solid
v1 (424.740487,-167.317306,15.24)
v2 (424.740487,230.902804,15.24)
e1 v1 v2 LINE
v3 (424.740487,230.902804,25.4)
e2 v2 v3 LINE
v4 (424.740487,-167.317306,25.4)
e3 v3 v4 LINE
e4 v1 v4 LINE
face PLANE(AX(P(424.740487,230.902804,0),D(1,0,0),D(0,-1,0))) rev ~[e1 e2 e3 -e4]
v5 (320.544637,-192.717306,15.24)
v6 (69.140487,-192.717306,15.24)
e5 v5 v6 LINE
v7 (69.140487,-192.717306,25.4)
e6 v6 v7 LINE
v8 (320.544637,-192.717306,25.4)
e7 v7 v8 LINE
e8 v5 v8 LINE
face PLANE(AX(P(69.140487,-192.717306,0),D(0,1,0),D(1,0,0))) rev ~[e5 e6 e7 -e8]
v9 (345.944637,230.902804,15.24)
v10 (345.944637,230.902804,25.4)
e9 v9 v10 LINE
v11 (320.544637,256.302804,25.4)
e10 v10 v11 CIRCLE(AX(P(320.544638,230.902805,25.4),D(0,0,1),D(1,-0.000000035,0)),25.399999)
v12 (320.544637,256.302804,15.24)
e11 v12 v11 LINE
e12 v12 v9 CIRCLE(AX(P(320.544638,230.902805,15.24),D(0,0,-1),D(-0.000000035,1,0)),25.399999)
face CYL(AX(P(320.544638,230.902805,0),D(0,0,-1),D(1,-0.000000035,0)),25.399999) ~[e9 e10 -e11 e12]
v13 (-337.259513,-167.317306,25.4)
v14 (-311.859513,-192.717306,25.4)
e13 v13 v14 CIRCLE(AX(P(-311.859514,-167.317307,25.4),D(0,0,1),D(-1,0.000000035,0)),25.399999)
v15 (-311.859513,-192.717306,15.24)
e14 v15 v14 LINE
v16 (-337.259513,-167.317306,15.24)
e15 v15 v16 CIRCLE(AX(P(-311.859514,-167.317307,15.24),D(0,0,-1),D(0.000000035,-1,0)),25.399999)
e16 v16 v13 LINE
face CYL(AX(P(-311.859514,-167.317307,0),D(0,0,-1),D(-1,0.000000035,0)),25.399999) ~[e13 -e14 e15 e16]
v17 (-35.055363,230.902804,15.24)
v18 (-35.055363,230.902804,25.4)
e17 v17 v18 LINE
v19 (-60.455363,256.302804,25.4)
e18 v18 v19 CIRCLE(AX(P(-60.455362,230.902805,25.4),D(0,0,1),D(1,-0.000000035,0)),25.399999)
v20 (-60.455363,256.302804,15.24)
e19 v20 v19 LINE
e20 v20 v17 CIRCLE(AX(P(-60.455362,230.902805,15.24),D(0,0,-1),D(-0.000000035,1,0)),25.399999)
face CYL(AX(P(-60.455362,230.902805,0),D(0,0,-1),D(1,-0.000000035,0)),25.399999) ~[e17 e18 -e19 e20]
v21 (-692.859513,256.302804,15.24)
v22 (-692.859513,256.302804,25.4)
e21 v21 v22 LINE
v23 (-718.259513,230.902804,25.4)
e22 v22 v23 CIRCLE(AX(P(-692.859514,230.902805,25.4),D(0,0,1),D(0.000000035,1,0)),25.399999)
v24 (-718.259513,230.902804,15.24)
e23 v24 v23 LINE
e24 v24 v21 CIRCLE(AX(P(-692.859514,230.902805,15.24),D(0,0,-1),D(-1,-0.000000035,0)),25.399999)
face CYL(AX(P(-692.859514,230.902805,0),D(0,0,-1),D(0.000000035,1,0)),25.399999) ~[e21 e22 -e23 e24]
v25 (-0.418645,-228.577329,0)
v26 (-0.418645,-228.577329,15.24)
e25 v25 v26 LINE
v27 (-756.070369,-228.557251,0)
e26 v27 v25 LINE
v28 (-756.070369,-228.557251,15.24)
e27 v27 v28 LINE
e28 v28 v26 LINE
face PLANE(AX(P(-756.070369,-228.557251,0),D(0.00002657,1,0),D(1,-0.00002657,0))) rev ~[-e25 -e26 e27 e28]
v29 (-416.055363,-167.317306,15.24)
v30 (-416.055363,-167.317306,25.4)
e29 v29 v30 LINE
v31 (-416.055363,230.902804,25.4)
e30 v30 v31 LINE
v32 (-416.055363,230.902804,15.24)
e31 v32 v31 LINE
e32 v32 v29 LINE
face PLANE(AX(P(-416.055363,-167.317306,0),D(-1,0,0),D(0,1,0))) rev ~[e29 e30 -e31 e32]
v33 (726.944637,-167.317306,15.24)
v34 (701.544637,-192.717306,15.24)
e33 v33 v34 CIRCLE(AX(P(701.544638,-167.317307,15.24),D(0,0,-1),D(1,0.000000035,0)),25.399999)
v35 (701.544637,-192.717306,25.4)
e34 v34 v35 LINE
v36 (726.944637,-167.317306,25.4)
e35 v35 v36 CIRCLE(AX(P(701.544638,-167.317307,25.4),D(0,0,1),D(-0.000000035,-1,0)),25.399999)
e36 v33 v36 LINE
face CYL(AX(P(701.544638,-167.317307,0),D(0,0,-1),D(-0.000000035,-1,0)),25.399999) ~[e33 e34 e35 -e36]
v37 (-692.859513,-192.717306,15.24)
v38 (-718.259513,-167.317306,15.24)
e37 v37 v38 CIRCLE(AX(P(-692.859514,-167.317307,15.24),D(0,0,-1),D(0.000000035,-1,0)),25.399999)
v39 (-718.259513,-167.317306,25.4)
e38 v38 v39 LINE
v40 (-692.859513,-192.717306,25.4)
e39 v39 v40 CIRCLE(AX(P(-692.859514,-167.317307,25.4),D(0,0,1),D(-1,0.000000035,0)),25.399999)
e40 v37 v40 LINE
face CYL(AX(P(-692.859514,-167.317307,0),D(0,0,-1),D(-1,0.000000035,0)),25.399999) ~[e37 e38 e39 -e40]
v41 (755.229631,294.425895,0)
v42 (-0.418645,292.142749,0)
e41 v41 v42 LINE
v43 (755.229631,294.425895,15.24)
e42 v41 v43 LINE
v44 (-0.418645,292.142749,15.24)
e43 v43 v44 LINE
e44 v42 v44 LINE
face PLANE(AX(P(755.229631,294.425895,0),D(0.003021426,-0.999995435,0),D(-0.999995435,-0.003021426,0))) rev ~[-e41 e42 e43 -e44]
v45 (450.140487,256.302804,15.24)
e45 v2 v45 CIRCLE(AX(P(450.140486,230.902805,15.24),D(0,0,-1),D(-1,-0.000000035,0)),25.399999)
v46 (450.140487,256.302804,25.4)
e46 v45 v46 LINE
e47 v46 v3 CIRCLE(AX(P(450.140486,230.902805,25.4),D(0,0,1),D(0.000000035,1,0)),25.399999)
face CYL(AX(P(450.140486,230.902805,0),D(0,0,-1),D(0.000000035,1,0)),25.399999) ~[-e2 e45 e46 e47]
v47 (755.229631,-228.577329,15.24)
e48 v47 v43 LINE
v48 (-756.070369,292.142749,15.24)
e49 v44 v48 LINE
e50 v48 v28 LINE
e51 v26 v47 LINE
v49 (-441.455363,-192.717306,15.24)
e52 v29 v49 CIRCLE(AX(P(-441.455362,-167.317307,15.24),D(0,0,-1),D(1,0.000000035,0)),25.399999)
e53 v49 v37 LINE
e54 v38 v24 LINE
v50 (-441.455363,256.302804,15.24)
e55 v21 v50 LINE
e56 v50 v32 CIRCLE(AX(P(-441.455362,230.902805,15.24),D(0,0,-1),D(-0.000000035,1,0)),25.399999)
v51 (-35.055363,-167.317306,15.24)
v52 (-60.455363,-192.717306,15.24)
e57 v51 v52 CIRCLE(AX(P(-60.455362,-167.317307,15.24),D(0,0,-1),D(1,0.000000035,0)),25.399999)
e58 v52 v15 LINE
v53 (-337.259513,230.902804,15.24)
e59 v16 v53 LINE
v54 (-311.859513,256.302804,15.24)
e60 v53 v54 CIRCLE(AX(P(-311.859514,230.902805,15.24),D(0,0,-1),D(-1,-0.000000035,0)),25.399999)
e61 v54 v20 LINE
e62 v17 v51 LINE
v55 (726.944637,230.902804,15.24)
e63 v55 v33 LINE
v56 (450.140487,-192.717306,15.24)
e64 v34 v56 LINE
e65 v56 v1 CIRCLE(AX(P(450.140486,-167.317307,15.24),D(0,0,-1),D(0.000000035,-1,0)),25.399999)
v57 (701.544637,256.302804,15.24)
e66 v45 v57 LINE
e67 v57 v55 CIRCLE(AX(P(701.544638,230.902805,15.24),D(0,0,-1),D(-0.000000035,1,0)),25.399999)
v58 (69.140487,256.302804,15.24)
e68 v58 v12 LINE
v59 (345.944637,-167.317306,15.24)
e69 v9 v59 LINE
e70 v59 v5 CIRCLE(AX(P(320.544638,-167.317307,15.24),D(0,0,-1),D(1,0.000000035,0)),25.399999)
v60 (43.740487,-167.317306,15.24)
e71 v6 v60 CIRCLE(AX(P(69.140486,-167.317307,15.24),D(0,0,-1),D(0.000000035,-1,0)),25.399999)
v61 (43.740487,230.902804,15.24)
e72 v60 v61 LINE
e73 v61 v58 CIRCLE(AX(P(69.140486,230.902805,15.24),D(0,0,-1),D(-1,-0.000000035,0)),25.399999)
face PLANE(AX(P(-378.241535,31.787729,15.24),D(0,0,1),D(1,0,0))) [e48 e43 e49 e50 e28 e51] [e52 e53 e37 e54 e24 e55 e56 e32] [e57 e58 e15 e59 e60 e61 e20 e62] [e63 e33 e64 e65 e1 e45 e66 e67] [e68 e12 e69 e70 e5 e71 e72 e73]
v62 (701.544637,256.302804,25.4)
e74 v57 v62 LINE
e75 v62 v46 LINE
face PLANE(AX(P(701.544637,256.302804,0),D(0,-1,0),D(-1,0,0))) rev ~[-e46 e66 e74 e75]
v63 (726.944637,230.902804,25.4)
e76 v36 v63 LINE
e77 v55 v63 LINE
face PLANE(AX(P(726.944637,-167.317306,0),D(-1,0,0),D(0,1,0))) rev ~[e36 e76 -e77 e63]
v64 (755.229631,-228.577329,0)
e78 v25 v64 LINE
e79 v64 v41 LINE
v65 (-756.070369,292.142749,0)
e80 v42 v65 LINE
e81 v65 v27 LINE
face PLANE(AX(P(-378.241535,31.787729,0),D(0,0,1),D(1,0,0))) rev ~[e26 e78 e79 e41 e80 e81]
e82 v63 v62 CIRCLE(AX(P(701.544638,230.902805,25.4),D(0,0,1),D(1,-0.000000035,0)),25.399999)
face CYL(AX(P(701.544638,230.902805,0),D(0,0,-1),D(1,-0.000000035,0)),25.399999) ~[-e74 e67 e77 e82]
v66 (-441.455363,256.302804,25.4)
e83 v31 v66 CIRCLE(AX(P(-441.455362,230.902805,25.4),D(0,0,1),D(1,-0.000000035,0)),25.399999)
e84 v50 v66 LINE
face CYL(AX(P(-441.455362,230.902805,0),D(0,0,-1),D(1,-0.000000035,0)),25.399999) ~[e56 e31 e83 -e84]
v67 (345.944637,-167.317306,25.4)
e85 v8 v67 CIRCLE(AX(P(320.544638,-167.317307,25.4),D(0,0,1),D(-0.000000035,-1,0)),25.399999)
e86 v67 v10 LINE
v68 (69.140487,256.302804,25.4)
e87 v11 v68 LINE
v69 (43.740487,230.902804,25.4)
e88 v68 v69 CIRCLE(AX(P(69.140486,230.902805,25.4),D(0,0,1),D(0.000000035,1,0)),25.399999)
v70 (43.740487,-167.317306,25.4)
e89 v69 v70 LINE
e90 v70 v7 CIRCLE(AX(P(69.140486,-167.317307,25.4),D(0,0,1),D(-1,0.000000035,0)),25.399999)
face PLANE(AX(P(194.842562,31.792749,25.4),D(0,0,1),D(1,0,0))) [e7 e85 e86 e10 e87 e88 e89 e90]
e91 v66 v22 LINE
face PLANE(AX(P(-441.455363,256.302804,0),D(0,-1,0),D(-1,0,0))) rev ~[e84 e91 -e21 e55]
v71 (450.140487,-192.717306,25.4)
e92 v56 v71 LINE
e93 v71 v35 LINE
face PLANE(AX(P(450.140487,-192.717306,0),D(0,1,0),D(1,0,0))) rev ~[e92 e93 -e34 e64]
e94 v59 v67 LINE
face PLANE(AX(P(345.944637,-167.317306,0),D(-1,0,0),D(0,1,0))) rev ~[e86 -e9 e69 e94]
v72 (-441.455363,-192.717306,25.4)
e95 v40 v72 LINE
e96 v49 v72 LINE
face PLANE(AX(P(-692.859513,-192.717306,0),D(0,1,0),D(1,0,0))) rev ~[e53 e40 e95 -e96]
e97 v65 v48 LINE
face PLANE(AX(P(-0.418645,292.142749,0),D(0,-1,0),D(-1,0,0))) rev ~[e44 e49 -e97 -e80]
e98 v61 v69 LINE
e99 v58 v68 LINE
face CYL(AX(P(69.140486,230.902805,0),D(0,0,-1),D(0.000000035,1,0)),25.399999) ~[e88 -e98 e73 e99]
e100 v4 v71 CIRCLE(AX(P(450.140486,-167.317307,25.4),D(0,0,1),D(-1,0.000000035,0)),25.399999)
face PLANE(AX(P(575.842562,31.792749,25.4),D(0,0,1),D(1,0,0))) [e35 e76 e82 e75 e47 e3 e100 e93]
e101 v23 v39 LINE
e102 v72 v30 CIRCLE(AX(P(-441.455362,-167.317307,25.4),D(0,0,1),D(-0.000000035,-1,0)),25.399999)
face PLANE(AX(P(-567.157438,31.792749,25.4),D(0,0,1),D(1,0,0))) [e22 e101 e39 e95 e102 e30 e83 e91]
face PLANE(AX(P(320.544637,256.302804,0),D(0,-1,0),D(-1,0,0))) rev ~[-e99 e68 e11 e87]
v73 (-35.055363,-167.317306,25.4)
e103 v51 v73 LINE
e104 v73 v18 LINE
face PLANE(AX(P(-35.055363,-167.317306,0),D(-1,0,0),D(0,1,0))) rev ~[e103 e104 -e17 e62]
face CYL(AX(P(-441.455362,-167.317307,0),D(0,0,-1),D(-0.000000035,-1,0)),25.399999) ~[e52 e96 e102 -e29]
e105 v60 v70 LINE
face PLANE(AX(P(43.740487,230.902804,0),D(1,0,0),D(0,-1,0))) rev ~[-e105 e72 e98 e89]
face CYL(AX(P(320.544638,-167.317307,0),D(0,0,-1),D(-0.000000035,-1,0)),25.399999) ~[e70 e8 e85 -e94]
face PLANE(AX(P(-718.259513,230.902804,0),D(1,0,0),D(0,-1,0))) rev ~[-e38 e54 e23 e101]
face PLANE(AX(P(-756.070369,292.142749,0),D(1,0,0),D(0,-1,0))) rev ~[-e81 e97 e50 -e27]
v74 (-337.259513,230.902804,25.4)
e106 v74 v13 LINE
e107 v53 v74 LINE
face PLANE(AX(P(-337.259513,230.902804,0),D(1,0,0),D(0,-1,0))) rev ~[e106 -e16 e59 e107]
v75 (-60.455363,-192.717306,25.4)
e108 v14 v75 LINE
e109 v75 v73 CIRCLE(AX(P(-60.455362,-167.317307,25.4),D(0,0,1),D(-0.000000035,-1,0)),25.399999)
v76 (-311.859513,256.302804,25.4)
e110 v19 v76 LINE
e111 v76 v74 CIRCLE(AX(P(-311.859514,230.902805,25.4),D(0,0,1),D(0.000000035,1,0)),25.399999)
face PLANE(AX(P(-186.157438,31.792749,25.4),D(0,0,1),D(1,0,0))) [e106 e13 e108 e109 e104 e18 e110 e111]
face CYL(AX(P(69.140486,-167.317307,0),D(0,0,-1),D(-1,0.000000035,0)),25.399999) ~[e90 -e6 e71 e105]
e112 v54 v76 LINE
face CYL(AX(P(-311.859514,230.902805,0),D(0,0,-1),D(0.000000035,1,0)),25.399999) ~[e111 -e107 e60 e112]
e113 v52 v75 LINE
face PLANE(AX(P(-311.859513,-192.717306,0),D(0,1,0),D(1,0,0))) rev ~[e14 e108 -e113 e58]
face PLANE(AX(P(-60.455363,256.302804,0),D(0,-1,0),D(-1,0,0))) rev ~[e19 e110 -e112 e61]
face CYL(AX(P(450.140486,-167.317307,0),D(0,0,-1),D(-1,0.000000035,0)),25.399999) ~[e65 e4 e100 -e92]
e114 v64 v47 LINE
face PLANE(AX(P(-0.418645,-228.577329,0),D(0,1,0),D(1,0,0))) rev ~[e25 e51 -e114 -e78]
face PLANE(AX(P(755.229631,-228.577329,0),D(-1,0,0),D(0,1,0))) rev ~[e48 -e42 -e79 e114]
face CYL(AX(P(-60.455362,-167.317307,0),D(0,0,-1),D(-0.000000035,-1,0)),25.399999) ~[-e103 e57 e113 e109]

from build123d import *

# Parameters (mm, degrees)
F1_DEPTH = 15.24
F2_DEPTH = 25.4


with BuildPart() as f1:
    # F0 (on Top) → F1 (new body)
    with BuildSketch(Plane.XY):
        Polygon((-378.244507, 292.142749), (-756.070369, 292.142749), (-756.070369, -228.557251), (-0.418645, -228.577329), (-0.418645, 292.142749), align=None)
        with BuildLine():
            ThreePointArc((-718.259513, 230.902804), (-710.820026, 248.863316), (-692.859513, 256.302804))
            Line((-692.859513, 256.302804), (-441.455363, 256.302804))
            ThreePointArc((-441.455363, 256.302804), (-423.49485, 248.863316), (-416.055363, 230.902804))
            Line((-416.055363, 230.902804), (-416.055363, -167.317306))
            ThreePointArc((-416.055363, -167.317306), (-423.49485, -185.277818), (-441.455363, -192.717306))
            Line((-441.455363, -192.717306), (-692.859513, -192.717306))
            ThreePointArc((-692.859513, -192.717306), (-710.820026, -185.277818), (-718.259513, -167.317306))
            Line((-718.259513, -167.317306), (-718.259513, 230.902804))
        make_face(mode=Mode.SUBTRACT)
        with BuildLine():
            Line((-337.259513, -167.317306), (-337.259513, 230.902804))
            ThreePointArc((-337.259513, 230.902804), (-329.820026, 248.863316), (-311.859513, 256.302804))
            Line((-311.859513, 256.302804), (-60.455363, 256.302804))
            ThreePointArc((-60.455363, 256.302804), (-42.49485, 248.863316), (-35.055363, 230.902804))
            Line((-35.055363, 230.902804), (-35.055363, -167.317306))
            ThreePointArc((-35.055363, -167.317306), (-42.49485, -185.277818), (-60.455363, -192.717306))
            Line((-60.455363, -192.717306), (-311.859513, -192.717306))
            ThreePointArc((-311.859513, -192.717306), (-329.820026, -185.277818), (-337.259513, -167.317306))
        make_face(mode=Mode.SUBTRACT)
        Polygon((-0.418645, 292.142749), (-0.418645, -228.577329), (377.405493, -228.577329), (377.405493, 293.284322), align=None)
        with BuildLine():
            Line((43.740487, -167.317306), (43.740487, 230.902804))
            ThreePointArc((43.740487, 230.902804), (51.179974, 248.863316), (69.140487, 256.302804))
            Line((69.140487, 256.302804), (320.544637, 256.302804))
            ThreePointArc((320.544637, 256.302804), (338.50515, 248.863316), (345.944637, 230.902804))
            Line((345.944637, 230.902804), (345.944637, -167.317306))
            ThreePointArc((345.944637, -167.317306), (338.50515, -185.277818), (320.544637, -192.717306))
            Line((320.544637, -192.717306), (69.140487, -192.717306))
            ThreePointArc((69.140487, -192.717306), (51.179974, -185.277818), (43.740487, -167.317306))
        make_face(mode=Mode.SUBTRACT)
        Polygon((377.405493, 293.284322), (377.405493, -228.577329), (755.229631, -228.577329), (755.229631, 294.425895), align=None)
        with BuildLine():
            Line((424.740487, -167.317306), (424.740487, 230.902804))
            ThreePointArc((424.740487, 230.902804), (432.179974, 248.863316), (450.140487, 256.302804))
            Line((450.140487, 256.302804), (701.544637, 256.302804))
            ThreePointArc((701.544637, 256.302804), (719.50515, 248.863316), (726.944637, 230.902804))
            Line((726.944637, 230.902804), (726.944637, -167.317306))
            ThreePointArc((726.944637, -167.317306), (719.50515, -185.277818), (701.544637, -192.717306))
            Line((701.544637, -192.717306), (450.140487, -192.717306))
            ThreePointArc((450.140487, -192.717306), (432.179974, -185.277818), (424.740487, -167.317306))
        make_face(mode=Mode.SUBTRACT)
    extrude(amount=F1_DEPTH)

    # F0 (on Top) → F2 (join)
    with BuildSketch(Plane.XY):
        with BuildLine():
            Line((-441.455363, 256.302804), (-692.859513, 256.302804))
            ThreePointArc((-692.859513, 256.302804), (-710.820026, 248.863316), (-718.259513, 230.902804))
            Line((-718.259513, 230.902804), (-718.259513, -167.317306))
            ThreePointArc((-718.259513, -167.317306), (-710.820026, -185.277818), (-692.859513, -192.717306))
            Line((-692.859513, -192.717306), (-441.455363, -192.717306))
            ThreePointArc((-441.455363, -192.717306), (-423.49485, -185.277818), (-416.055363, -167.317306))
            Line((-416.055363, -167.317306), (-416.055363, 230.902804))
            ThreePointArc((-416.055363, 230.902804), (-423.49485, 248.863316), (-441.455363, 256.302804))
        make_face()
        with BuildLine():
            ThreePointArc((-311.859513, 256.302804), (-329.820026, 248.863316), (-337.259513, 230.902804))
            Line((-337.259513, 230.902804), (-337.259513, -167.317306))
            ThreePointArc((-337.259513, -167.317306), (-329.820026, -185.277818), (-311.859513, -192.717306))
            Line((-311.859513, -192.717306), (-60.455363, -192.717306))
            ThreePointArc((-60.455363, -192.717306), (-42.49485, -185.277818), (-35.055363, -167.317306))
            Line((-35.055363, -167.317306), (-35.055363, 230.902804))
            ThreePointArc((-35.055363, 230.902804), (-42.49485, 248.863316), (-60.455363, 256.302804))
            Line((-60.455363, 256.302804), (-311.859513, 256.302804))
        make_face()
        with BuildLine():
            ThreePointArc((69.140487, 256.302804), (51.179974, 248.863316), (43.740487, 230.902804))
            Line((43.740487, 230.902804), (43.740487, -167.317306))
            ThreePointArc((43.740487, -167.317306), (51.179974, -185.277818), (69.140487, -192.717306))
            Line((69.140487, -192.717306), (320.544637, -192.717306))
            ThreePointArc((320.544637, -192.717306), (338.50515, -185.277818), (345.944637, -167.317306))
            Line((345.944637, -167.317306), (345.944637, 230.902804))
            ThreePointArc((345.944637, 230.902804), (338.50515, 248.863316), (320.544637, 256.302804))
            Line((320.544637, 256.302804), (69.140487, 256.302804))
        make_face()
        with BuildLine():
            ThreePointArc((450.140487, 256.302804), (432.179974, 248.863316), (424.740487, 230.902804))
            Line((424.740487, 230.902804), (424.740487, -167.317306))
            ThreePointArc((424.740487, -167.317306), (432.179974, -185.277818), (450.140487, -192.717306))
            Line((450.140487, -192.717306), (701.544637, -192.717306))
            ThreePointArc((701.544637, -192.717306), (719.50515, -185.277818), (726.944637, -167.317306))
            Line((726.944637, -167.317306), (726.944637, 230.902804))
            ThreePointArc((726.944637, 230.902804), (719.50515, 248.863316), (701.544637, 256.302804))
            Line((701.544637, 256.302804), (450.140487, 256.302804))
        make_face()
    extrude(amount=F2_DEPTH)


solid = f1.part
